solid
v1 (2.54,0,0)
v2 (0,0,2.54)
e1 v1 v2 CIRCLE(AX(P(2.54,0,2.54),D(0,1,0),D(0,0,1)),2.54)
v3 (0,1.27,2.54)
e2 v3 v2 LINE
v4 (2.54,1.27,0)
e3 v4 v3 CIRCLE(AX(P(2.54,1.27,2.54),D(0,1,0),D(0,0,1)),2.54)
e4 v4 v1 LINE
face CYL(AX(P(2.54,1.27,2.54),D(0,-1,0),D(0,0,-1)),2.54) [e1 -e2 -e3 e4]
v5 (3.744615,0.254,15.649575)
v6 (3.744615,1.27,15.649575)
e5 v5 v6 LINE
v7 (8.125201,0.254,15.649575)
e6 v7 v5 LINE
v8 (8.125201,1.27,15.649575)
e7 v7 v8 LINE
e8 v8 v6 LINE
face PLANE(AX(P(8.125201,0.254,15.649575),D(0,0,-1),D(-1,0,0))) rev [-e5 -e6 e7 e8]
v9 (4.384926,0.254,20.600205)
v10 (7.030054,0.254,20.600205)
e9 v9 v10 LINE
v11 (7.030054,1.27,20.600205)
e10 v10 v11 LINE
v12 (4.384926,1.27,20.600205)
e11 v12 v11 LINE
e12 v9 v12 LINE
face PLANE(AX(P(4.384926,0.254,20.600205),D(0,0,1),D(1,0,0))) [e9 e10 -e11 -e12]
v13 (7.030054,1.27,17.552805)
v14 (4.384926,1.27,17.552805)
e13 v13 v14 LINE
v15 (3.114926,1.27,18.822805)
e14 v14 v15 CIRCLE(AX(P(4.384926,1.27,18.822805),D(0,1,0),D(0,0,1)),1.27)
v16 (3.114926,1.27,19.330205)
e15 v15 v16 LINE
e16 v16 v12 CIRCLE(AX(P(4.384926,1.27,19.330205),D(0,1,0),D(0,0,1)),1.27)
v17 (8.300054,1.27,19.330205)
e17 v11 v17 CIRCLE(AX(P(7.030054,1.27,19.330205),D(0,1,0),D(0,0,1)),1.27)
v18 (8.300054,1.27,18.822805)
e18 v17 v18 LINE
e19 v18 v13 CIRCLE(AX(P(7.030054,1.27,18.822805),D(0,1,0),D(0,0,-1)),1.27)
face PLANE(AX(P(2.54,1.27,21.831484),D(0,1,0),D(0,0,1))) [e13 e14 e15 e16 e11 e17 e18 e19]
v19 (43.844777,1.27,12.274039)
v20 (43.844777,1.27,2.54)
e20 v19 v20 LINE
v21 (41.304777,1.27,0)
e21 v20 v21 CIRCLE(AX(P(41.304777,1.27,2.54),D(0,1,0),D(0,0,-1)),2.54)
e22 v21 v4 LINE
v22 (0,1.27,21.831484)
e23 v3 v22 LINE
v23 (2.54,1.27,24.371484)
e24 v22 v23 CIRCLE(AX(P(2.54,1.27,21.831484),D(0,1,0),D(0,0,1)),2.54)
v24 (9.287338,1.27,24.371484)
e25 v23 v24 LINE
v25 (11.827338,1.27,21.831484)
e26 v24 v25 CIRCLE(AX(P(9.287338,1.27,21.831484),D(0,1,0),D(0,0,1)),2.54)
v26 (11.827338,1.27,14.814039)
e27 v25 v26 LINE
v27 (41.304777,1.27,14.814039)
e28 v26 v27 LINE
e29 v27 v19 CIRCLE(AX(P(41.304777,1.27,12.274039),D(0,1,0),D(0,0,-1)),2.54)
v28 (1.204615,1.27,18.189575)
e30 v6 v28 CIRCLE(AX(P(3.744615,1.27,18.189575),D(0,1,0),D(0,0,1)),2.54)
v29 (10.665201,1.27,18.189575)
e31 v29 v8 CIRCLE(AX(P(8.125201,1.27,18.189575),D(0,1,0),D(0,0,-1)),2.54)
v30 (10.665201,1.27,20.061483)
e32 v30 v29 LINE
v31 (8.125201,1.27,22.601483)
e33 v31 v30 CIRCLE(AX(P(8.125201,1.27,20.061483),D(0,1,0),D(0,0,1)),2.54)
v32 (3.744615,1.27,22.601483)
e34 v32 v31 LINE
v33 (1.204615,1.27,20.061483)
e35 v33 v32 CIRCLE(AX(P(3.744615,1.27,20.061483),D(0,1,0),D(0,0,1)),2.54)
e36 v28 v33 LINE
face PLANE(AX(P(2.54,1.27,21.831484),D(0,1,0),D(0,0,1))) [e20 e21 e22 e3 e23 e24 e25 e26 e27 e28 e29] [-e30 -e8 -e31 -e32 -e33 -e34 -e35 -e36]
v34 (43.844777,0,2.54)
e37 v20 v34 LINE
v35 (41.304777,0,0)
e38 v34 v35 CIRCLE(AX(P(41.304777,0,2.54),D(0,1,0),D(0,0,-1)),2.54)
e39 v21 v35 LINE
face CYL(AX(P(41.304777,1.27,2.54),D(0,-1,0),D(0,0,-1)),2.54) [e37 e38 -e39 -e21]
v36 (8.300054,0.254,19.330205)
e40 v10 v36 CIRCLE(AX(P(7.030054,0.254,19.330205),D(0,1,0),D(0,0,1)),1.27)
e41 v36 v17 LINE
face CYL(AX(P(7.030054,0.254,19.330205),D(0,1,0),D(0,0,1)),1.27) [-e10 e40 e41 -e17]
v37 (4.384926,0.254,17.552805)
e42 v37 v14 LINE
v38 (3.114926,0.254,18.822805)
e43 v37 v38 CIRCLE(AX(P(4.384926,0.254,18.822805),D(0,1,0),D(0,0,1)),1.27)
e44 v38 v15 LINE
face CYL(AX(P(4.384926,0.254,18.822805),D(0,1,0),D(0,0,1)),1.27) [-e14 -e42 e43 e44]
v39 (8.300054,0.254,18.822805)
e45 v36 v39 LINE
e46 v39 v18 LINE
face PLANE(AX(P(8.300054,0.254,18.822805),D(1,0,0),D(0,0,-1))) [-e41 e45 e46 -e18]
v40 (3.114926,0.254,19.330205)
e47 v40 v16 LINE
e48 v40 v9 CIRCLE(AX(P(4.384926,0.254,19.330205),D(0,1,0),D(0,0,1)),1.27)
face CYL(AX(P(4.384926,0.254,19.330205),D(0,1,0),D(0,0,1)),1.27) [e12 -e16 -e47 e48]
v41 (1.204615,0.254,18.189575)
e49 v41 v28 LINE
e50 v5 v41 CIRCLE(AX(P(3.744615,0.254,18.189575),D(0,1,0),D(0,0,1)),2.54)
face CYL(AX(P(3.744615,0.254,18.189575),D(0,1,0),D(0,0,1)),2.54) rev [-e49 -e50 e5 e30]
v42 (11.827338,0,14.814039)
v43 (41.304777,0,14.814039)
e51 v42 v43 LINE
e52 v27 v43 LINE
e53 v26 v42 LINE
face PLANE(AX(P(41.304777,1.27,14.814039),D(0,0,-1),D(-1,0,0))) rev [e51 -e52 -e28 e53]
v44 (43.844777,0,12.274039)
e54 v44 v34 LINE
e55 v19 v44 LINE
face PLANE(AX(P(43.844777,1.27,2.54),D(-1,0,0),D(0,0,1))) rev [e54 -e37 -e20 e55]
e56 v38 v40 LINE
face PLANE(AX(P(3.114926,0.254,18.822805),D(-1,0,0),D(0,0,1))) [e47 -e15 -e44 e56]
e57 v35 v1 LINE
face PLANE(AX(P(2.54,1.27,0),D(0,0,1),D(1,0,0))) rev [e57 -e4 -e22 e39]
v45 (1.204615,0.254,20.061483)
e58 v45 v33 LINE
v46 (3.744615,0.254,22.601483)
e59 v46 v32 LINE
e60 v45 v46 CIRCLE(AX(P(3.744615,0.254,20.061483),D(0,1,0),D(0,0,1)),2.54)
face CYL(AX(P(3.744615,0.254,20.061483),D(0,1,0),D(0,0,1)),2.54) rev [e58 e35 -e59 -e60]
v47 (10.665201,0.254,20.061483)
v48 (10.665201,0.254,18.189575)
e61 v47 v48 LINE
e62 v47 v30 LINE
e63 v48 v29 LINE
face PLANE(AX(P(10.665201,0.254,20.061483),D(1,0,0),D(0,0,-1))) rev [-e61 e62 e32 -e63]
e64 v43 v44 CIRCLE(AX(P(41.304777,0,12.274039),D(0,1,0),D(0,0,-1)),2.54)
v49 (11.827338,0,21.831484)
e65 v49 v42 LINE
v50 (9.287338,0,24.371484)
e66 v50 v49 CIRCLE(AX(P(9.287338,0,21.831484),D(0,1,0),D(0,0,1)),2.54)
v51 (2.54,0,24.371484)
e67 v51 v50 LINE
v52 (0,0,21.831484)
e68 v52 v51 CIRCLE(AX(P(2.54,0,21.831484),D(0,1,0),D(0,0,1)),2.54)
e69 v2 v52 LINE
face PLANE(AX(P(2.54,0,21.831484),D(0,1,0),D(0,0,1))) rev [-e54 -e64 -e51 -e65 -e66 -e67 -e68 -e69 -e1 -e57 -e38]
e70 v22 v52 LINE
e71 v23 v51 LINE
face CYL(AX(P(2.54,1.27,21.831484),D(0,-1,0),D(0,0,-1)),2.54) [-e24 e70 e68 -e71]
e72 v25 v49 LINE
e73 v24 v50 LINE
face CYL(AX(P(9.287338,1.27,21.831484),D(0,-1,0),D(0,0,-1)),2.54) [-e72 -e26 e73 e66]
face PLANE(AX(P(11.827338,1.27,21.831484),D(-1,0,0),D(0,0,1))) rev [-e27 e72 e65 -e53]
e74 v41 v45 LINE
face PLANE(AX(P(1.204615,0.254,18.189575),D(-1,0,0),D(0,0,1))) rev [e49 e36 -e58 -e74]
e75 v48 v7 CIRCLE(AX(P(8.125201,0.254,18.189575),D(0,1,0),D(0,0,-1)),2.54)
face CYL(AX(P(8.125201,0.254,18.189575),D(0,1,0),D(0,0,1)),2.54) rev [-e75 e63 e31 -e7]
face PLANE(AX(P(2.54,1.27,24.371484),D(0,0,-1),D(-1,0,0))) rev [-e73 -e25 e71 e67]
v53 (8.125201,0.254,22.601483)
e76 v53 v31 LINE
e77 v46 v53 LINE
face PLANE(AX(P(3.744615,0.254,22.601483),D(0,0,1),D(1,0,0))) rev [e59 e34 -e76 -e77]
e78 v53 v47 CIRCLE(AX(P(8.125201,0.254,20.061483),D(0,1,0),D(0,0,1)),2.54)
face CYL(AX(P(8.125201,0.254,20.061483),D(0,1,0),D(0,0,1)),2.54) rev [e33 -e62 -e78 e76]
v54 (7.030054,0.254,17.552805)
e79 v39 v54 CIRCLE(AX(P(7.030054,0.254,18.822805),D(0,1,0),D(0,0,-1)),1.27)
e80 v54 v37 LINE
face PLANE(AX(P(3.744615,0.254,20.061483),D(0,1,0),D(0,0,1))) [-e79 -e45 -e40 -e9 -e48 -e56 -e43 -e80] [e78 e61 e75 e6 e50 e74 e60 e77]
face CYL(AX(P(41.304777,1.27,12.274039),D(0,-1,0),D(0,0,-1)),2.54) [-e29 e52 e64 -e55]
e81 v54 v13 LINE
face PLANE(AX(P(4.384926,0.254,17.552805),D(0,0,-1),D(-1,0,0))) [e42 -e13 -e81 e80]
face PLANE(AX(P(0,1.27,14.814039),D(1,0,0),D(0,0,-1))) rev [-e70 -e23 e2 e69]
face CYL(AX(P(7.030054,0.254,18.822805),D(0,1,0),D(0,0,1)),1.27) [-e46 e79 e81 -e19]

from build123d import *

# Parameters (mm, degrees)
BOSS_EXTRUDE1_DEPTH = 1.27
CUT_EXTRUDE1_DEPTH  = 1.016


with BuildPart() as part:
    # Sketch1 → Boss-Extrude1 (new body)
    with BuildSketch(Plane(origin=(0, 0, 0), x_dir=(1, 0, 0), z_dir=(0, 1, 0))):
        with BuildLine():
            Line((2.54, 0), (41.304776771, 0))
            ThreePointArc((41.304776771, 0), (43.100827995, -0.743948776), (43.844776771, -2.54))
            Line((43.844776771, -2.54), (43.844776771, -12.274039018))
            ThreePointArc((43.844776771, -12.274039018), (43.100827995, -14.070090242), (41.304776771, -14.814039018))
            Line((41.304776771, -14.814039018), (11.827337603, -14.814039018))
            Line((11.827337603, -14.814039018), (11.827337603, -21.831483546))
            ThreePointArc((11.827337603, -21.831483546), (11.083388827, -23.62753477), (9.287337603, -24.371483546))
            Line((9.287337603, -24.371483546), (2.54, -24.371483546))
            ThreePointArc((2.54, -24.371483546), (0.743948776, -23.62753477), (0, -21.831483546))
            Line((0, -21.831483546), (0, -14.814039018))
            Line((0, -14.814039018), (0, -2.54))
            ThreePointArc((0, -2.54), (0.743948776, -0.743948776), (2.54, 0))
        make_face()
    extrude(amount=BOSS_EXTRUDE1_DEPTH)

    # Sketch2 → Cut-Extrude1 (cut)
    with BuildSketch(Plane(origin=(0, 1.27, 0), x_dir=(1, 0, 0), z_dir=(0, 1, 0))):
        with BuildLine():
            Line((8.125200896, -15.6495751), (3.744615047, -15.6495751))
            ThreePointArc((3.744615047, -15.6495751), (1.948563823, -16.393523876), (1.204615047, -18.1895751))
            Line((1.204615047, -18.1895751), (1.204615047, -20.061482924))
            ThreePointArc((1.204615047, -20.061482924), (1.948563823, -21.857534148), (3.744615047, -22.601482924))
            Line((3.744615047, -22.601482924), (8.125200896, -22.601482924))
            ThreePointArc((8.125200896, -22.601482924), (9.921252121, -21.857534148), (10.665200896, -20.061482924))
            Line((10.665200896, -20.061482924), (10.665200896, -18.1895751))
            ThreePointArc((10.665200896, -18.1895751), (9.921252121, -16.393523876), (8.125200896, -15.6495751))
        make_face()
        with BuildLine():
            Line((4.384925651, -17.552804899), (7.030054434, -17.552804899))
            ThreePointArc((7.030054434, -17.552804899), (7.928080046, -17.924779287), (8.300054434, -18.822804899))
            Line((8.300054434, -18.822804899), (8.300054434, -19.330205148))
            ThreePointArc((8.300054434, -19.330205148), (7.928080046, -20.228230761), (7.030054434, -20.600205148))
            Line((7.030054434, -20.600205148), (4.384925651, -20.600205148))
            ThreePointArc((4.384925651, -20.600205148), (3.486900039, -20.228230761), (3.114925651, -19.330205148))
            Line((3.114925651, -19.330205148), (3.114925651, -18.822804899))
            ThreePointArc((3.114925651, -18.822804899), (3.486900039, -17.924779287), (4.384925651, -17.552804899))
        make_face(mode=Mode.SUBTRACT)
    extrude(amount=-CUT_EXTRUDE1_DEPTH, mode=Mode.SUBTRACT)


solid = part.part
